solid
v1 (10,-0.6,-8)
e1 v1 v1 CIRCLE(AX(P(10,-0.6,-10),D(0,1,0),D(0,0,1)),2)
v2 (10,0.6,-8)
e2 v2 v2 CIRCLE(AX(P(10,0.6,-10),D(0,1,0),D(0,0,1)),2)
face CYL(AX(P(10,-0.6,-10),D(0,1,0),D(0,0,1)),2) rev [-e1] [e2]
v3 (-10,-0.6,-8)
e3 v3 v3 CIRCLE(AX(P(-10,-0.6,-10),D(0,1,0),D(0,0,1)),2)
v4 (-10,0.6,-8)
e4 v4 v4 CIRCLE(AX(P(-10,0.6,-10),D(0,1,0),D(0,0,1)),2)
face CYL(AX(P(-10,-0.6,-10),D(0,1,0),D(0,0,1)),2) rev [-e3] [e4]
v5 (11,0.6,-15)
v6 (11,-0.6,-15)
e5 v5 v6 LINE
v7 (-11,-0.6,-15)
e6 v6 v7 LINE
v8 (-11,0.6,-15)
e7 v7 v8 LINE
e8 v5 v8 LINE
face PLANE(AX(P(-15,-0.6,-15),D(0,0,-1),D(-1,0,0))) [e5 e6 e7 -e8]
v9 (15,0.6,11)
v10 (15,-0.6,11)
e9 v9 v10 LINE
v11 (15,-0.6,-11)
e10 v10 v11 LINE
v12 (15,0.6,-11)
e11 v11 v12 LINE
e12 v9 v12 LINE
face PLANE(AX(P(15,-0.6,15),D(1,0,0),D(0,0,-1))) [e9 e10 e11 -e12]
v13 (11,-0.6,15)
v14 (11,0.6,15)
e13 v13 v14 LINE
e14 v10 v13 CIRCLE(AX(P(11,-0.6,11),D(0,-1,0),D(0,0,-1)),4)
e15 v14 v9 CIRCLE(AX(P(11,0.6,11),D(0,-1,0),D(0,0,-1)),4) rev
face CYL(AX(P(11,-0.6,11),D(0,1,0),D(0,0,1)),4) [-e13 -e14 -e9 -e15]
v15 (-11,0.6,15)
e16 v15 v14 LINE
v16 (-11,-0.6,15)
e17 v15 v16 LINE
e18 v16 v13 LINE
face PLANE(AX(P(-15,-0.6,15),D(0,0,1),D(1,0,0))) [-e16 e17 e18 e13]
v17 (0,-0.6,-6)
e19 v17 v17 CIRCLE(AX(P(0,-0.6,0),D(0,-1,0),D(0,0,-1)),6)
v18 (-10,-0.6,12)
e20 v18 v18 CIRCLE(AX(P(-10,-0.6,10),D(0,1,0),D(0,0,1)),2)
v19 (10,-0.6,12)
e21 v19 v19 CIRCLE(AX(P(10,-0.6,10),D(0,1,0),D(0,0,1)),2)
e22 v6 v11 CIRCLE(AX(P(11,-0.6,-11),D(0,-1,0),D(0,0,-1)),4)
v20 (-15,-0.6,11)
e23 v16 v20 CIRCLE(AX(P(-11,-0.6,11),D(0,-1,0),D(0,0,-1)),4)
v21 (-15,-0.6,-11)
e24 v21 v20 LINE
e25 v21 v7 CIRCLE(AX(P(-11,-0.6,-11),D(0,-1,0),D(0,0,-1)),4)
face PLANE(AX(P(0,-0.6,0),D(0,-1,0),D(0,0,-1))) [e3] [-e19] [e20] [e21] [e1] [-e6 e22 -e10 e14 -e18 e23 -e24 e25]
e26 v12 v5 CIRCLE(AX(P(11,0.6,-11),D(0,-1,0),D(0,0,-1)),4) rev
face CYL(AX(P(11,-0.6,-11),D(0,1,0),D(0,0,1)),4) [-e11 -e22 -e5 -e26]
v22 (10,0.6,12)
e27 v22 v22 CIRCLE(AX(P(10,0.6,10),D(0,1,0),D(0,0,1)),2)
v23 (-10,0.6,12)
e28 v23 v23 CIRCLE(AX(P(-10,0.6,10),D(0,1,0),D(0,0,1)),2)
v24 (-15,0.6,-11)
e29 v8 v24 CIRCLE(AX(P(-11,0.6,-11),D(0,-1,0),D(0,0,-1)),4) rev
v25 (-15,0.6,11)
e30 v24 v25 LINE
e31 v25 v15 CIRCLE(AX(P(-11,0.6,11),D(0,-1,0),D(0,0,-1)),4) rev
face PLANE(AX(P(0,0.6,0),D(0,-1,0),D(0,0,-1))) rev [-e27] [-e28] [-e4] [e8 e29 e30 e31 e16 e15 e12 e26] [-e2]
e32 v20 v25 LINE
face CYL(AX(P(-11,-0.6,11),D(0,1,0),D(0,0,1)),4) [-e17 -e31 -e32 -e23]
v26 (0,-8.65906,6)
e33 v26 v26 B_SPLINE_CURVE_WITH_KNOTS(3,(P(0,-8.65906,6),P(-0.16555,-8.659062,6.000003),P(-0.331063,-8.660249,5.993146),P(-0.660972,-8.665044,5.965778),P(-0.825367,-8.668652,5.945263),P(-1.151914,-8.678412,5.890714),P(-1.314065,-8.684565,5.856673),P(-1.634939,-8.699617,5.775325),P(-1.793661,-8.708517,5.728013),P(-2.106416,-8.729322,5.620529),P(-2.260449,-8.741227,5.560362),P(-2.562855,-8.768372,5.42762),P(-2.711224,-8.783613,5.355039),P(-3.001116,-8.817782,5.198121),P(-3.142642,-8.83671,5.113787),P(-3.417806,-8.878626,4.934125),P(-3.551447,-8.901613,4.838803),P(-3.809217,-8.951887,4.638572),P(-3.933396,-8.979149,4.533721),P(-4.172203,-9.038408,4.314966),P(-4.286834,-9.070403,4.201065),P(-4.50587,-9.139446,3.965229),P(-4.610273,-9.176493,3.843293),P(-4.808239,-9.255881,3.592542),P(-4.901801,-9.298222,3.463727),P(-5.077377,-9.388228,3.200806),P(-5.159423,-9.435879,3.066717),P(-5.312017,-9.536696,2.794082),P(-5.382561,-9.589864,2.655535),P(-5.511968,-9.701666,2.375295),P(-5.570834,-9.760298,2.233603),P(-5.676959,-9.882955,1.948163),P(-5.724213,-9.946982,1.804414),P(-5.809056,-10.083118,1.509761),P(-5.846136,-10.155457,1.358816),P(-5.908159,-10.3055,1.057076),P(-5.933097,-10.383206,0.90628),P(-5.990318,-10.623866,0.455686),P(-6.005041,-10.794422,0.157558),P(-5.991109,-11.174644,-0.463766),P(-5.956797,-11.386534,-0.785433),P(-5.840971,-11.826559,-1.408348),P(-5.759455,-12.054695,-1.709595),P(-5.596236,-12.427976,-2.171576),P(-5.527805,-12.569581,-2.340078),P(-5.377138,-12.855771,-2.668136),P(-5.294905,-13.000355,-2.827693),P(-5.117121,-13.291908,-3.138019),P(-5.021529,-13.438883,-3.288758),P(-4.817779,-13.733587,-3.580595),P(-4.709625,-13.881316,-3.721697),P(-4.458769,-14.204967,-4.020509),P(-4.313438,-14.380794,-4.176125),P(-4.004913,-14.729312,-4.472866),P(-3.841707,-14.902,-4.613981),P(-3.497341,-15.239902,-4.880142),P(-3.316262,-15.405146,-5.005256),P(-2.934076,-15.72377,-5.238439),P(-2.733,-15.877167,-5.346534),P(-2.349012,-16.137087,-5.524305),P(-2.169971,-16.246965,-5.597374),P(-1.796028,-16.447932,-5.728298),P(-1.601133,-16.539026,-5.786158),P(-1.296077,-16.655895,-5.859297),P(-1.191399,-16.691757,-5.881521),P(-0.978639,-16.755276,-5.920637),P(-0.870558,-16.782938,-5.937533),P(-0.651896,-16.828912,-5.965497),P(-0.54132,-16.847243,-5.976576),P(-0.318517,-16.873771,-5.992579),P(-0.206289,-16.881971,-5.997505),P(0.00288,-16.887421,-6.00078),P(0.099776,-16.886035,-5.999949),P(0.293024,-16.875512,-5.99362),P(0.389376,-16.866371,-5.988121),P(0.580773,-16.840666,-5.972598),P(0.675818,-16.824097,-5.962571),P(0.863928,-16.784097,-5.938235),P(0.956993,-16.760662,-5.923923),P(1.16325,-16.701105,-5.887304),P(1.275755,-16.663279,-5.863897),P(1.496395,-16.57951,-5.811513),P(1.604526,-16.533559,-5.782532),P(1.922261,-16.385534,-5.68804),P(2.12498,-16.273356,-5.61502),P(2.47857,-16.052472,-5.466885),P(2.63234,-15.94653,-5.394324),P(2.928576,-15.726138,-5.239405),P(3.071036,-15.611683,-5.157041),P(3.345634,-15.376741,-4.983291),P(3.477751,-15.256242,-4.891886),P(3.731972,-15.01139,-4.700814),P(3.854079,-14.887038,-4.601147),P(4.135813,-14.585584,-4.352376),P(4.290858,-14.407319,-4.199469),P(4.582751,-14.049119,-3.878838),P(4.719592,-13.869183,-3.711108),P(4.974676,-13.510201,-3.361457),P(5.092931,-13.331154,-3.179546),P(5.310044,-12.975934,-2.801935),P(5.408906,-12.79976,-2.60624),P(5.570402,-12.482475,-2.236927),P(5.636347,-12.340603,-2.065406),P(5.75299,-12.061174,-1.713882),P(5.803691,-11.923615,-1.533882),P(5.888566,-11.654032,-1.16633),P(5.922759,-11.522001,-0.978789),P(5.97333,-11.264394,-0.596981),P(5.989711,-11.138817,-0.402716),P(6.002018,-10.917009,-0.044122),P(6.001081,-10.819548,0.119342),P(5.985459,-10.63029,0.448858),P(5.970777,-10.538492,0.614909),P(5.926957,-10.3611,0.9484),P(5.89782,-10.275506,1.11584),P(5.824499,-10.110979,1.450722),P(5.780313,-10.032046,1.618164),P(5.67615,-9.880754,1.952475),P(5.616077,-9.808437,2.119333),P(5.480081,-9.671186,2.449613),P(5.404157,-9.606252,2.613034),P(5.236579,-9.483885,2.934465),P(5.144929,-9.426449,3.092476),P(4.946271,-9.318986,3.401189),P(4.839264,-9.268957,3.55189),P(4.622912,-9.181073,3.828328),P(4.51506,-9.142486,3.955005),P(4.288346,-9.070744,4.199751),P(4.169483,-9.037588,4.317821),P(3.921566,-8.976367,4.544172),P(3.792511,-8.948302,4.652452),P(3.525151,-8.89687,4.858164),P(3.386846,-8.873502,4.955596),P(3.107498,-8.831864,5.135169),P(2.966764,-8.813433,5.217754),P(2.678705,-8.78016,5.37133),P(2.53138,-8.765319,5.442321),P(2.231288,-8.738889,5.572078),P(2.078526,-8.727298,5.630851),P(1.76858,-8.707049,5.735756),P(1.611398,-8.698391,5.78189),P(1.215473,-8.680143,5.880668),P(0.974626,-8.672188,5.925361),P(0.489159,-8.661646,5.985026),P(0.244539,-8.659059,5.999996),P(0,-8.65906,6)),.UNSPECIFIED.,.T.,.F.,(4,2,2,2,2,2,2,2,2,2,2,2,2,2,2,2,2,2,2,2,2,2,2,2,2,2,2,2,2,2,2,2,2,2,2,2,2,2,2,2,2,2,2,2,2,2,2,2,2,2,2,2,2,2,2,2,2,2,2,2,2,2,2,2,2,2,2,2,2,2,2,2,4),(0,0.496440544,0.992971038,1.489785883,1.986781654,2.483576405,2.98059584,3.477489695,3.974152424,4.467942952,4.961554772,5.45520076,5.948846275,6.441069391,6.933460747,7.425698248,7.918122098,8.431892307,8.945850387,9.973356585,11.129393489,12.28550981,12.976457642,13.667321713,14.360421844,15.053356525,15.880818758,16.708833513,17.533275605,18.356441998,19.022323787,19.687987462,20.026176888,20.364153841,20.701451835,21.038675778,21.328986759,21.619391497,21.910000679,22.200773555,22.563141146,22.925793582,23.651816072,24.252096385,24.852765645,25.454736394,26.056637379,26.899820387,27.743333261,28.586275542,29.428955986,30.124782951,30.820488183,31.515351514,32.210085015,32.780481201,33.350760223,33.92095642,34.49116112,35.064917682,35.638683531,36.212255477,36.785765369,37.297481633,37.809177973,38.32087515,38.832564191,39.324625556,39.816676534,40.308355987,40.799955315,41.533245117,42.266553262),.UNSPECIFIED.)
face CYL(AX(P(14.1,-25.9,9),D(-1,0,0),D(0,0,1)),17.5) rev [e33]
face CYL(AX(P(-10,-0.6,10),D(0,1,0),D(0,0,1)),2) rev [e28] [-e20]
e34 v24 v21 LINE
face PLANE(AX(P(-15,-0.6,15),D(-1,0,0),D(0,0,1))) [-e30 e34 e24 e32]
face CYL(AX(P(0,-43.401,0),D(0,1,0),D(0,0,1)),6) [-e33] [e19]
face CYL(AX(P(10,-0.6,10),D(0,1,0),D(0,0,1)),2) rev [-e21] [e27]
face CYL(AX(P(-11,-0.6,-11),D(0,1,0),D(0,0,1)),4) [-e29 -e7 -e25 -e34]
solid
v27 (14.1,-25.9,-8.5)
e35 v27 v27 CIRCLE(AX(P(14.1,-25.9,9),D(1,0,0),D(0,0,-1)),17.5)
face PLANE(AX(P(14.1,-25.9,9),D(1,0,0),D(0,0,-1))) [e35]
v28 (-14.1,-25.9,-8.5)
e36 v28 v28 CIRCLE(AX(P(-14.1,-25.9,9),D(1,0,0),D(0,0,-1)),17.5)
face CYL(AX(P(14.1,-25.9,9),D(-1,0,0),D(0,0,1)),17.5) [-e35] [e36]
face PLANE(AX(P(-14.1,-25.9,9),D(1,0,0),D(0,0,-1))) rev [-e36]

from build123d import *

# Parameters (mm, degrees)
SKETCH_1_W              = 30
SKETCH_1_H              = 30
EXTRUDE_401_DEPTH       = 0.6
SKETCH_7_R              = 2
CUT_EXTRUDE_589_DEPTH   = 22.247117452
FILLET_4_R              = 4
SKETCH_9_R              = 17.5
EXTRUDE_963_DEPTH       = 14.1
EXTRUDE_1165_REACH      = 54.527
EXTRUDE_1165_END_RADIUS = 17.5
SKETCH_8_R              = 6


with BuildPart() as part:
    # Эскиз1 → Extrude 401 (new, symmetric)
    with BuildSketch(Plane(origin=(0, 0, 0), x_dir=(1, 0, 0), z_dir=(0, 1, 0))):
        Rectangle(SKETCH_1_W, SKETCH_1_H)
    extrude(amount=EXTRUDE_401_DEPTH, both=True)

    # Эскиз7 → Cut-Extrude 589 (cut, through all)
    with BuildSketch(Plane(origin=(0, 0.6, 0), x_dir=(1, 0, 0), z_dir=(0, 1, 0))):
        with Locations(Location((-10, 10, 0), (0, 0, 270))):
            Circle(SKETCH_7_R)
        with Locations(Location((10, 10, 0), (0, 0, 270))):
            Circle(SKETCH_7_R)
        with Locations(Location((10, -10, 0), (0, 0, 270))):
            Circle(SKETCH_7_R)
        with Locations(Location((-10, -10, 0), (0, 0, 270))):
            Circle(SKETCH_7_R)
    extrude(amount=-CUT_EXTRUDE_589_DEPTH, mode=Mode.SUBTRACT)

    # Скругление4
    fillet_4_edges = [part.edges().sort_by_distance(p)[0] for p in [
        (15, 0, 15),
        (-15, 0, 15),
        (-15, 0, -15),
        (15, 0, -15),
    ]]
    fillet(fillet_4_edges, radius=FILLET_4_R)

    # Extrude 1165: up to this cylinder (the profile starts outside it)
    extrude_1165_end = Plane(origin=(0, -25.9, 9), z_dir=(-1, 0, 0)) * Cylinder(EXTRUDE_1165_END_RADIUS, 145.054, mode=Mode.PRIVATE)
    # Эскиз8 → Extrude 1165 (add, up to the surface)
    with BuildSketch(Plane.XZ.offset(0.6), mode=Mode.PRIVATE) as extrude_1165_sk1:
        with Locations(Location((0, 0, 0), (0, 0, 90))):
            Circle(SKETCH_8_R)
    extrude_1165_tool1 = extrude(extrude_1165_sk1.sketch, amount=EXTRUDE_1165_REACH, mode=Mode.PRIVATE) - extrude_1165_end
    add(extrude_1165_tool1.solids().sort_by_distance((0, -0.6, 0))[0])


with BuildPart() as body_2:
    # Эскиз9 → Extrude 963 (new, symmetric)
    with BuildSketch(Plane(origin=(0, 0, 0), x_dir=(0, 0, -1), z_dir=(1, 0, 0))):
        with Locations((-9, -25.9)):
            Circle(SKETCH_9_R)
    extrude(amount=EXTRUDE_963_DEPTH, both=True)


solid = Compound([part.part, body_2.part])
